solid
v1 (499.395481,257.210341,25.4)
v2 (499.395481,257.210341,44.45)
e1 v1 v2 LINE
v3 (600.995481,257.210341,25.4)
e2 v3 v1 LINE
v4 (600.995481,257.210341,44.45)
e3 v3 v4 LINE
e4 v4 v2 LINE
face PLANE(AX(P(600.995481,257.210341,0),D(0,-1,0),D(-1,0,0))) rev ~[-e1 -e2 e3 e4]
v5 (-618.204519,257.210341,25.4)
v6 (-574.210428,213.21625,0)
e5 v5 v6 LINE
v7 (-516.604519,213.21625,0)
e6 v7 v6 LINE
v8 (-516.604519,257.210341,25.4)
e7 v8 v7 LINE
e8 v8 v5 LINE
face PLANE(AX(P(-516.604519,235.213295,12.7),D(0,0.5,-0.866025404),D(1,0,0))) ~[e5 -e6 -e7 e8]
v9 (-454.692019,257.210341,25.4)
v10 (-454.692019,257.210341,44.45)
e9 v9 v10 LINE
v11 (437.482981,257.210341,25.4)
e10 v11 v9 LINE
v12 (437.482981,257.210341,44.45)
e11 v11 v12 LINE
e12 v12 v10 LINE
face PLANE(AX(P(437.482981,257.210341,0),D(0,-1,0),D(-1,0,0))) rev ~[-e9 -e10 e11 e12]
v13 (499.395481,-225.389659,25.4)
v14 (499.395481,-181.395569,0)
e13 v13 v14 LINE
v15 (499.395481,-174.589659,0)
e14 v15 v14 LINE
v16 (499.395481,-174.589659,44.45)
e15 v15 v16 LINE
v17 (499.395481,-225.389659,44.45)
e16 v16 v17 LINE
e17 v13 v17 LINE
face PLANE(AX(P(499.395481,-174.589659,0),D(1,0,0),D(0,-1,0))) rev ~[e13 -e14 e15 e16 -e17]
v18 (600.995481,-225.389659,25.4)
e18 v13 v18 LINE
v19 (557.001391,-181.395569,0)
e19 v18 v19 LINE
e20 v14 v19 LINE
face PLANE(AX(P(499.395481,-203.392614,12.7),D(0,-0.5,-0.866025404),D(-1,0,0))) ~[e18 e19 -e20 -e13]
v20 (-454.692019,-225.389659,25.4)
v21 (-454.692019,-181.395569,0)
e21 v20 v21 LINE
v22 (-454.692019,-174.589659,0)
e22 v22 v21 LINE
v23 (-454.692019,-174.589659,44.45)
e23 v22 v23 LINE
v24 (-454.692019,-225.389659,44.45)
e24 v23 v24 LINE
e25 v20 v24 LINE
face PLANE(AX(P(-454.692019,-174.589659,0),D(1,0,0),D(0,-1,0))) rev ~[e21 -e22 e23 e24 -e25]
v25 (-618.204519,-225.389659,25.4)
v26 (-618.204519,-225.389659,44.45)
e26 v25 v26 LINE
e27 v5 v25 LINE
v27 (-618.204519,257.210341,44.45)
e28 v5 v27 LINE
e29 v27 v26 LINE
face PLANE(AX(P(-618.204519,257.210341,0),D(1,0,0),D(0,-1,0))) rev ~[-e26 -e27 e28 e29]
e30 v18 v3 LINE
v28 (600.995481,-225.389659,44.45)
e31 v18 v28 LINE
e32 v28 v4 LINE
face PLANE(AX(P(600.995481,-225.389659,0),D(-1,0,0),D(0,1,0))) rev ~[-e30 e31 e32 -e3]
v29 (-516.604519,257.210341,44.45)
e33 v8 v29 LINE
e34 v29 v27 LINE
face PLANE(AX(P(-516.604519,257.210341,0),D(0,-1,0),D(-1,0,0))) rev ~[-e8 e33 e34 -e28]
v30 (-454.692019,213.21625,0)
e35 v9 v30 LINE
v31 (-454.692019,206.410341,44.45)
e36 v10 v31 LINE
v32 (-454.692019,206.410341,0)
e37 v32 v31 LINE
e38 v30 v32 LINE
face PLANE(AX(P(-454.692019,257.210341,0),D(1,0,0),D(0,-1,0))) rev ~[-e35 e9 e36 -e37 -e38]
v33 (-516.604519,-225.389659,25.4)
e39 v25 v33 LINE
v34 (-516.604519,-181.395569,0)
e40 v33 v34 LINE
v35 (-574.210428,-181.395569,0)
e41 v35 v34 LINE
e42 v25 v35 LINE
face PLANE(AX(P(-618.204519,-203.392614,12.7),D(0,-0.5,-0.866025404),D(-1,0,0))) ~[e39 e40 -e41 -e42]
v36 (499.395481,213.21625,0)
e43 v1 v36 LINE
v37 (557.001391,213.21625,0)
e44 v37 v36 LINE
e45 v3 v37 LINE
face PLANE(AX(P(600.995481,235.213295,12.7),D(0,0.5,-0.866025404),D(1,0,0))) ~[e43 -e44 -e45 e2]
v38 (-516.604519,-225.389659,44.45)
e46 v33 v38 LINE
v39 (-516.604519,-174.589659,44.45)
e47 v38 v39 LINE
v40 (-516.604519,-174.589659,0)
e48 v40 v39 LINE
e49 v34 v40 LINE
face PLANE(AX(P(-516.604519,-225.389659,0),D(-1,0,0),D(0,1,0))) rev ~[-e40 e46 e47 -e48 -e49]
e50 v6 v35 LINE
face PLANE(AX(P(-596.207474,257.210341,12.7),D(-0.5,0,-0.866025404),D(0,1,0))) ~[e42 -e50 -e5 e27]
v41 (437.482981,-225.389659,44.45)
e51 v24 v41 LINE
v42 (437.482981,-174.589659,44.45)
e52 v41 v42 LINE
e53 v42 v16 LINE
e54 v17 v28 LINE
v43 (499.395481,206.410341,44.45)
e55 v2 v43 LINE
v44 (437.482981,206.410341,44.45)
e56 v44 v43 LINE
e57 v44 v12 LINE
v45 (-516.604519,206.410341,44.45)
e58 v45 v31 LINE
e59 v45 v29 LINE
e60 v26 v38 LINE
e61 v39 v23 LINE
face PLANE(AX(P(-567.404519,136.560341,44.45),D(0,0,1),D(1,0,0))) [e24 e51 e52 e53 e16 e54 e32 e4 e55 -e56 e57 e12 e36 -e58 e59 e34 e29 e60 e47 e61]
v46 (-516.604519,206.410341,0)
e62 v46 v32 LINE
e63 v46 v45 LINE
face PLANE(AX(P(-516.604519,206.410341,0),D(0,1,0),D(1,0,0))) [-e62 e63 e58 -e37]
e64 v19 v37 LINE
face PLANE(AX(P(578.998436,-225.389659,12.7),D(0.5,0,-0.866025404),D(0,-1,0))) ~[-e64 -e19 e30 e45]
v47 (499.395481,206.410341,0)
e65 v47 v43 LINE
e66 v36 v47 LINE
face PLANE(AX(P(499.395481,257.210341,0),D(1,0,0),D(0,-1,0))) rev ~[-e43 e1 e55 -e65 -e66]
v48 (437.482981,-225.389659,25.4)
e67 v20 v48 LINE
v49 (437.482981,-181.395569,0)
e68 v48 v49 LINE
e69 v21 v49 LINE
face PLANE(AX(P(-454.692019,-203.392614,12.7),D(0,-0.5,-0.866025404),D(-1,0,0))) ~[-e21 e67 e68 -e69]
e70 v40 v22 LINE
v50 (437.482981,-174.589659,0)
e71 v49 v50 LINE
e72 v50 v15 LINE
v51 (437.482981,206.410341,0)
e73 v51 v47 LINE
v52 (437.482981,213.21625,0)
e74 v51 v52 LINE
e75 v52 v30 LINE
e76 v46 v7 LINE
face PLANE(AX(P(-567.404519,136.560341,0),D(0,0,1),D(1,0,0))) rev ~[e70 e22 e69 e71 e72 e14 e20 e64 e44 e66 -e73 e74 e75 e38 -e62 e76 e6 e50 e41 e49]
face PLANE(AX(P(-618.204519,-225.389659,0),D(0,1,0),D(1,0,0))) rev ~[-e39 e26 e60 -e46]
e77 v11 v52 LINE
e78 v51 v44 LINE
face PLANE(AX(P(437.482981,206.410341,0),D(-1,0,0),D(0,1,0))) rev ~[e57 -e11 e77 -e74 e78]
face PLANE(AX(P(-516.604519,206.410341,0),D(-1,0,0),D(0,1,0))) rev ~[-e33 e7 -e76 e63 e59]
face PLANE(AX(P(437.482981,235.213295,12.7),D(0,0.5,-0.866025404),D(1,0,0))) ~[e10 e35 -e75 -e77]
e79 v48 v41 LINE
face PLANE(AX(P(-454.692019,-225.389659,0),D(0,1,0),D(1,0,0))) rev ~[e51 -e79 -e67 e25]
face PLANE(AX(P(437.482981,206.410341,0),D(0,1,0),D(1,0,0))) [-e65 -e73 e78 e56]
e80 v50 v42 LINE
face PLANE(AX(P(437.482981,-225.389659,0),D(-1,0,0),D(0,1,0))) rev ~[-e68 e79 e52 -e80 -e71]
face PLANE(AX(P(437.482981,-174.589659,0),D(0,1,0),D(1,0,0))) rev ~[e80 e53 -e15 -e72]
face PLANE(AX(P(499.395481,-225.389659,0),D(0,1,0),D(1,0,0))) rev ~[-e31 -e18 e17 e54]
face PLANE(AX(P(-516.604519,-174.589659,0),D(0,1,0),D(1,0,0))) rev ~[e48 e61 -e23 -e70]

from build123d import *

# Parameters (mm, degrees)
F0_W     = 61.9125
F0_H     = 12.7
F1_DEPTH = 44.45
F2_SIZE2 = 43.9940905122
F2_SIZE  = 25.4


with BuildPart() as f1:
    # F0 (on Top) → F1 (new body)
    with BuildSketch(Plane.XY):
        Polygon((-516.6045189857, 257.2103405952), (-618.2045189857, 257.2103405952), (-618.2045189857, 15.9103405952), (-516.6045189857, 15.9103405952), (-516.6045189857, 193.7103405952), (-516.6045189857, 206.4103405952), (-516.6045189857, 244.5103405952), align=None)
        Polygon((-516.6045189857, 15.9103405952), (-618.2045189857, 15.9103405952), (-618.2045189857, -225.3896594048), (-516.6045189857, -225.3896594048), (-516.6045189857, -212.6896594048), (-516.6045189857, -174.5896594048), (-516.6045189857, -161.8896594048), align=None)
        Polygon((-4.3022594929, 15.9103405952), (-516.6045189857, 15.9103405952), (-516.6045189857, -161.8896594048), (-454.6920189857, -161.8896594048), (-454.6920189857, -174.5896594048), (-454.6920189857, -212.6896594048), (-454.6920189857, -225.3896594048), (0, -225.3896594048), align=None)
        Polygon((-8.6045189857, 257.2103405952), (-454.6920189857, 257.2103405952), (-454.6920189857, 244.5103405952), (-454.6920189857, 206.4103405952), (-454.6920189857, 193.7103405952), (-516.6045189857, 193.7103405952), (-516.6045189857, 15.9103405952), (-4.3022594929, 15.9103405952), align=None)
        Polygon((499.3954810143, 15.9103405952), (-4.3022594929, 15.9103405952), (0, -225.3896594048), (437.4829810143, -225.3896594048), (437.4829810143, -212.6896594048), (437.4829810143, -174.5896594048), (437.4829810143, -161.8896594048), (499.3954810143, -161.8896594048), align=None)
        Polygon((437.4829810143, 257.2103405952), (-8.6045189857, 257.2103405952), (-4.3022594929, 15.9103405952), (499.3954810143, 15.9103405952), (499.3954810143, 193.7103405952), (437.4829810143, 193.7103405952), (437.4829810143, 206.4103405952), (437.4829810143, 244.5103405952), align=None)
        Polygon((499.3954810143, 193.7103405952), (499.3954810143, 15.9103405952), (600.9954810143, 15.9103405952), (600.9954810143, 257.2103405952), (499.3954810143, 257.2103405952), (499.3954810143, 244.5103405952), (499.3954810143, 206.4103405952), align=None)
        Polygon((600.9954810143, 15.9103405952), (499.3954810143, 15.9103405952), (499.3954810143, -161.8896594048), (499.3954810143, -174.5896594048), (499.3954810143, -212.6896594048), (499.3954810143, -225.3896594048), (600.9954810143, -225.3896594048), align=None)
        with Locations((468.4392310143, -168.2396594048)):
            Rectangle(F0_W, F0_H)
        with Locations((468.4392310143, 200.0603405952)):
            Rectangle(F0_W, F0_H)
        with Locations((-485.6482689857, 200.0603405952)):
            Rectangle(F0_W, F0_H)
        with Locations((-485.6482689857, -168.2396594048)):
            Rectangle(F0_W, F0_H)
    extrude(amount=F1_DEPTH)

    # F2
    f2_edges = [f1.edges().sort_by_distance(p)[0] for p in [
        (-618.204519, 15.910341, 0),
        (-567.404519, -225.389659, 0),
        (-8.604519, -225.389659, 0),
        (550.195481, -225.389659, 0),
        (600.995481, 15.910341, 0),
        (550.195481, 257.210341, 0),
        (-8.604519, 257.210341, 0),
        (-567.404519, 257.210341, 0),
    ]]
    chamfer(f2_edges, length=F2_SIZE, length2=F2_SIZE2)


solid = f1.part
